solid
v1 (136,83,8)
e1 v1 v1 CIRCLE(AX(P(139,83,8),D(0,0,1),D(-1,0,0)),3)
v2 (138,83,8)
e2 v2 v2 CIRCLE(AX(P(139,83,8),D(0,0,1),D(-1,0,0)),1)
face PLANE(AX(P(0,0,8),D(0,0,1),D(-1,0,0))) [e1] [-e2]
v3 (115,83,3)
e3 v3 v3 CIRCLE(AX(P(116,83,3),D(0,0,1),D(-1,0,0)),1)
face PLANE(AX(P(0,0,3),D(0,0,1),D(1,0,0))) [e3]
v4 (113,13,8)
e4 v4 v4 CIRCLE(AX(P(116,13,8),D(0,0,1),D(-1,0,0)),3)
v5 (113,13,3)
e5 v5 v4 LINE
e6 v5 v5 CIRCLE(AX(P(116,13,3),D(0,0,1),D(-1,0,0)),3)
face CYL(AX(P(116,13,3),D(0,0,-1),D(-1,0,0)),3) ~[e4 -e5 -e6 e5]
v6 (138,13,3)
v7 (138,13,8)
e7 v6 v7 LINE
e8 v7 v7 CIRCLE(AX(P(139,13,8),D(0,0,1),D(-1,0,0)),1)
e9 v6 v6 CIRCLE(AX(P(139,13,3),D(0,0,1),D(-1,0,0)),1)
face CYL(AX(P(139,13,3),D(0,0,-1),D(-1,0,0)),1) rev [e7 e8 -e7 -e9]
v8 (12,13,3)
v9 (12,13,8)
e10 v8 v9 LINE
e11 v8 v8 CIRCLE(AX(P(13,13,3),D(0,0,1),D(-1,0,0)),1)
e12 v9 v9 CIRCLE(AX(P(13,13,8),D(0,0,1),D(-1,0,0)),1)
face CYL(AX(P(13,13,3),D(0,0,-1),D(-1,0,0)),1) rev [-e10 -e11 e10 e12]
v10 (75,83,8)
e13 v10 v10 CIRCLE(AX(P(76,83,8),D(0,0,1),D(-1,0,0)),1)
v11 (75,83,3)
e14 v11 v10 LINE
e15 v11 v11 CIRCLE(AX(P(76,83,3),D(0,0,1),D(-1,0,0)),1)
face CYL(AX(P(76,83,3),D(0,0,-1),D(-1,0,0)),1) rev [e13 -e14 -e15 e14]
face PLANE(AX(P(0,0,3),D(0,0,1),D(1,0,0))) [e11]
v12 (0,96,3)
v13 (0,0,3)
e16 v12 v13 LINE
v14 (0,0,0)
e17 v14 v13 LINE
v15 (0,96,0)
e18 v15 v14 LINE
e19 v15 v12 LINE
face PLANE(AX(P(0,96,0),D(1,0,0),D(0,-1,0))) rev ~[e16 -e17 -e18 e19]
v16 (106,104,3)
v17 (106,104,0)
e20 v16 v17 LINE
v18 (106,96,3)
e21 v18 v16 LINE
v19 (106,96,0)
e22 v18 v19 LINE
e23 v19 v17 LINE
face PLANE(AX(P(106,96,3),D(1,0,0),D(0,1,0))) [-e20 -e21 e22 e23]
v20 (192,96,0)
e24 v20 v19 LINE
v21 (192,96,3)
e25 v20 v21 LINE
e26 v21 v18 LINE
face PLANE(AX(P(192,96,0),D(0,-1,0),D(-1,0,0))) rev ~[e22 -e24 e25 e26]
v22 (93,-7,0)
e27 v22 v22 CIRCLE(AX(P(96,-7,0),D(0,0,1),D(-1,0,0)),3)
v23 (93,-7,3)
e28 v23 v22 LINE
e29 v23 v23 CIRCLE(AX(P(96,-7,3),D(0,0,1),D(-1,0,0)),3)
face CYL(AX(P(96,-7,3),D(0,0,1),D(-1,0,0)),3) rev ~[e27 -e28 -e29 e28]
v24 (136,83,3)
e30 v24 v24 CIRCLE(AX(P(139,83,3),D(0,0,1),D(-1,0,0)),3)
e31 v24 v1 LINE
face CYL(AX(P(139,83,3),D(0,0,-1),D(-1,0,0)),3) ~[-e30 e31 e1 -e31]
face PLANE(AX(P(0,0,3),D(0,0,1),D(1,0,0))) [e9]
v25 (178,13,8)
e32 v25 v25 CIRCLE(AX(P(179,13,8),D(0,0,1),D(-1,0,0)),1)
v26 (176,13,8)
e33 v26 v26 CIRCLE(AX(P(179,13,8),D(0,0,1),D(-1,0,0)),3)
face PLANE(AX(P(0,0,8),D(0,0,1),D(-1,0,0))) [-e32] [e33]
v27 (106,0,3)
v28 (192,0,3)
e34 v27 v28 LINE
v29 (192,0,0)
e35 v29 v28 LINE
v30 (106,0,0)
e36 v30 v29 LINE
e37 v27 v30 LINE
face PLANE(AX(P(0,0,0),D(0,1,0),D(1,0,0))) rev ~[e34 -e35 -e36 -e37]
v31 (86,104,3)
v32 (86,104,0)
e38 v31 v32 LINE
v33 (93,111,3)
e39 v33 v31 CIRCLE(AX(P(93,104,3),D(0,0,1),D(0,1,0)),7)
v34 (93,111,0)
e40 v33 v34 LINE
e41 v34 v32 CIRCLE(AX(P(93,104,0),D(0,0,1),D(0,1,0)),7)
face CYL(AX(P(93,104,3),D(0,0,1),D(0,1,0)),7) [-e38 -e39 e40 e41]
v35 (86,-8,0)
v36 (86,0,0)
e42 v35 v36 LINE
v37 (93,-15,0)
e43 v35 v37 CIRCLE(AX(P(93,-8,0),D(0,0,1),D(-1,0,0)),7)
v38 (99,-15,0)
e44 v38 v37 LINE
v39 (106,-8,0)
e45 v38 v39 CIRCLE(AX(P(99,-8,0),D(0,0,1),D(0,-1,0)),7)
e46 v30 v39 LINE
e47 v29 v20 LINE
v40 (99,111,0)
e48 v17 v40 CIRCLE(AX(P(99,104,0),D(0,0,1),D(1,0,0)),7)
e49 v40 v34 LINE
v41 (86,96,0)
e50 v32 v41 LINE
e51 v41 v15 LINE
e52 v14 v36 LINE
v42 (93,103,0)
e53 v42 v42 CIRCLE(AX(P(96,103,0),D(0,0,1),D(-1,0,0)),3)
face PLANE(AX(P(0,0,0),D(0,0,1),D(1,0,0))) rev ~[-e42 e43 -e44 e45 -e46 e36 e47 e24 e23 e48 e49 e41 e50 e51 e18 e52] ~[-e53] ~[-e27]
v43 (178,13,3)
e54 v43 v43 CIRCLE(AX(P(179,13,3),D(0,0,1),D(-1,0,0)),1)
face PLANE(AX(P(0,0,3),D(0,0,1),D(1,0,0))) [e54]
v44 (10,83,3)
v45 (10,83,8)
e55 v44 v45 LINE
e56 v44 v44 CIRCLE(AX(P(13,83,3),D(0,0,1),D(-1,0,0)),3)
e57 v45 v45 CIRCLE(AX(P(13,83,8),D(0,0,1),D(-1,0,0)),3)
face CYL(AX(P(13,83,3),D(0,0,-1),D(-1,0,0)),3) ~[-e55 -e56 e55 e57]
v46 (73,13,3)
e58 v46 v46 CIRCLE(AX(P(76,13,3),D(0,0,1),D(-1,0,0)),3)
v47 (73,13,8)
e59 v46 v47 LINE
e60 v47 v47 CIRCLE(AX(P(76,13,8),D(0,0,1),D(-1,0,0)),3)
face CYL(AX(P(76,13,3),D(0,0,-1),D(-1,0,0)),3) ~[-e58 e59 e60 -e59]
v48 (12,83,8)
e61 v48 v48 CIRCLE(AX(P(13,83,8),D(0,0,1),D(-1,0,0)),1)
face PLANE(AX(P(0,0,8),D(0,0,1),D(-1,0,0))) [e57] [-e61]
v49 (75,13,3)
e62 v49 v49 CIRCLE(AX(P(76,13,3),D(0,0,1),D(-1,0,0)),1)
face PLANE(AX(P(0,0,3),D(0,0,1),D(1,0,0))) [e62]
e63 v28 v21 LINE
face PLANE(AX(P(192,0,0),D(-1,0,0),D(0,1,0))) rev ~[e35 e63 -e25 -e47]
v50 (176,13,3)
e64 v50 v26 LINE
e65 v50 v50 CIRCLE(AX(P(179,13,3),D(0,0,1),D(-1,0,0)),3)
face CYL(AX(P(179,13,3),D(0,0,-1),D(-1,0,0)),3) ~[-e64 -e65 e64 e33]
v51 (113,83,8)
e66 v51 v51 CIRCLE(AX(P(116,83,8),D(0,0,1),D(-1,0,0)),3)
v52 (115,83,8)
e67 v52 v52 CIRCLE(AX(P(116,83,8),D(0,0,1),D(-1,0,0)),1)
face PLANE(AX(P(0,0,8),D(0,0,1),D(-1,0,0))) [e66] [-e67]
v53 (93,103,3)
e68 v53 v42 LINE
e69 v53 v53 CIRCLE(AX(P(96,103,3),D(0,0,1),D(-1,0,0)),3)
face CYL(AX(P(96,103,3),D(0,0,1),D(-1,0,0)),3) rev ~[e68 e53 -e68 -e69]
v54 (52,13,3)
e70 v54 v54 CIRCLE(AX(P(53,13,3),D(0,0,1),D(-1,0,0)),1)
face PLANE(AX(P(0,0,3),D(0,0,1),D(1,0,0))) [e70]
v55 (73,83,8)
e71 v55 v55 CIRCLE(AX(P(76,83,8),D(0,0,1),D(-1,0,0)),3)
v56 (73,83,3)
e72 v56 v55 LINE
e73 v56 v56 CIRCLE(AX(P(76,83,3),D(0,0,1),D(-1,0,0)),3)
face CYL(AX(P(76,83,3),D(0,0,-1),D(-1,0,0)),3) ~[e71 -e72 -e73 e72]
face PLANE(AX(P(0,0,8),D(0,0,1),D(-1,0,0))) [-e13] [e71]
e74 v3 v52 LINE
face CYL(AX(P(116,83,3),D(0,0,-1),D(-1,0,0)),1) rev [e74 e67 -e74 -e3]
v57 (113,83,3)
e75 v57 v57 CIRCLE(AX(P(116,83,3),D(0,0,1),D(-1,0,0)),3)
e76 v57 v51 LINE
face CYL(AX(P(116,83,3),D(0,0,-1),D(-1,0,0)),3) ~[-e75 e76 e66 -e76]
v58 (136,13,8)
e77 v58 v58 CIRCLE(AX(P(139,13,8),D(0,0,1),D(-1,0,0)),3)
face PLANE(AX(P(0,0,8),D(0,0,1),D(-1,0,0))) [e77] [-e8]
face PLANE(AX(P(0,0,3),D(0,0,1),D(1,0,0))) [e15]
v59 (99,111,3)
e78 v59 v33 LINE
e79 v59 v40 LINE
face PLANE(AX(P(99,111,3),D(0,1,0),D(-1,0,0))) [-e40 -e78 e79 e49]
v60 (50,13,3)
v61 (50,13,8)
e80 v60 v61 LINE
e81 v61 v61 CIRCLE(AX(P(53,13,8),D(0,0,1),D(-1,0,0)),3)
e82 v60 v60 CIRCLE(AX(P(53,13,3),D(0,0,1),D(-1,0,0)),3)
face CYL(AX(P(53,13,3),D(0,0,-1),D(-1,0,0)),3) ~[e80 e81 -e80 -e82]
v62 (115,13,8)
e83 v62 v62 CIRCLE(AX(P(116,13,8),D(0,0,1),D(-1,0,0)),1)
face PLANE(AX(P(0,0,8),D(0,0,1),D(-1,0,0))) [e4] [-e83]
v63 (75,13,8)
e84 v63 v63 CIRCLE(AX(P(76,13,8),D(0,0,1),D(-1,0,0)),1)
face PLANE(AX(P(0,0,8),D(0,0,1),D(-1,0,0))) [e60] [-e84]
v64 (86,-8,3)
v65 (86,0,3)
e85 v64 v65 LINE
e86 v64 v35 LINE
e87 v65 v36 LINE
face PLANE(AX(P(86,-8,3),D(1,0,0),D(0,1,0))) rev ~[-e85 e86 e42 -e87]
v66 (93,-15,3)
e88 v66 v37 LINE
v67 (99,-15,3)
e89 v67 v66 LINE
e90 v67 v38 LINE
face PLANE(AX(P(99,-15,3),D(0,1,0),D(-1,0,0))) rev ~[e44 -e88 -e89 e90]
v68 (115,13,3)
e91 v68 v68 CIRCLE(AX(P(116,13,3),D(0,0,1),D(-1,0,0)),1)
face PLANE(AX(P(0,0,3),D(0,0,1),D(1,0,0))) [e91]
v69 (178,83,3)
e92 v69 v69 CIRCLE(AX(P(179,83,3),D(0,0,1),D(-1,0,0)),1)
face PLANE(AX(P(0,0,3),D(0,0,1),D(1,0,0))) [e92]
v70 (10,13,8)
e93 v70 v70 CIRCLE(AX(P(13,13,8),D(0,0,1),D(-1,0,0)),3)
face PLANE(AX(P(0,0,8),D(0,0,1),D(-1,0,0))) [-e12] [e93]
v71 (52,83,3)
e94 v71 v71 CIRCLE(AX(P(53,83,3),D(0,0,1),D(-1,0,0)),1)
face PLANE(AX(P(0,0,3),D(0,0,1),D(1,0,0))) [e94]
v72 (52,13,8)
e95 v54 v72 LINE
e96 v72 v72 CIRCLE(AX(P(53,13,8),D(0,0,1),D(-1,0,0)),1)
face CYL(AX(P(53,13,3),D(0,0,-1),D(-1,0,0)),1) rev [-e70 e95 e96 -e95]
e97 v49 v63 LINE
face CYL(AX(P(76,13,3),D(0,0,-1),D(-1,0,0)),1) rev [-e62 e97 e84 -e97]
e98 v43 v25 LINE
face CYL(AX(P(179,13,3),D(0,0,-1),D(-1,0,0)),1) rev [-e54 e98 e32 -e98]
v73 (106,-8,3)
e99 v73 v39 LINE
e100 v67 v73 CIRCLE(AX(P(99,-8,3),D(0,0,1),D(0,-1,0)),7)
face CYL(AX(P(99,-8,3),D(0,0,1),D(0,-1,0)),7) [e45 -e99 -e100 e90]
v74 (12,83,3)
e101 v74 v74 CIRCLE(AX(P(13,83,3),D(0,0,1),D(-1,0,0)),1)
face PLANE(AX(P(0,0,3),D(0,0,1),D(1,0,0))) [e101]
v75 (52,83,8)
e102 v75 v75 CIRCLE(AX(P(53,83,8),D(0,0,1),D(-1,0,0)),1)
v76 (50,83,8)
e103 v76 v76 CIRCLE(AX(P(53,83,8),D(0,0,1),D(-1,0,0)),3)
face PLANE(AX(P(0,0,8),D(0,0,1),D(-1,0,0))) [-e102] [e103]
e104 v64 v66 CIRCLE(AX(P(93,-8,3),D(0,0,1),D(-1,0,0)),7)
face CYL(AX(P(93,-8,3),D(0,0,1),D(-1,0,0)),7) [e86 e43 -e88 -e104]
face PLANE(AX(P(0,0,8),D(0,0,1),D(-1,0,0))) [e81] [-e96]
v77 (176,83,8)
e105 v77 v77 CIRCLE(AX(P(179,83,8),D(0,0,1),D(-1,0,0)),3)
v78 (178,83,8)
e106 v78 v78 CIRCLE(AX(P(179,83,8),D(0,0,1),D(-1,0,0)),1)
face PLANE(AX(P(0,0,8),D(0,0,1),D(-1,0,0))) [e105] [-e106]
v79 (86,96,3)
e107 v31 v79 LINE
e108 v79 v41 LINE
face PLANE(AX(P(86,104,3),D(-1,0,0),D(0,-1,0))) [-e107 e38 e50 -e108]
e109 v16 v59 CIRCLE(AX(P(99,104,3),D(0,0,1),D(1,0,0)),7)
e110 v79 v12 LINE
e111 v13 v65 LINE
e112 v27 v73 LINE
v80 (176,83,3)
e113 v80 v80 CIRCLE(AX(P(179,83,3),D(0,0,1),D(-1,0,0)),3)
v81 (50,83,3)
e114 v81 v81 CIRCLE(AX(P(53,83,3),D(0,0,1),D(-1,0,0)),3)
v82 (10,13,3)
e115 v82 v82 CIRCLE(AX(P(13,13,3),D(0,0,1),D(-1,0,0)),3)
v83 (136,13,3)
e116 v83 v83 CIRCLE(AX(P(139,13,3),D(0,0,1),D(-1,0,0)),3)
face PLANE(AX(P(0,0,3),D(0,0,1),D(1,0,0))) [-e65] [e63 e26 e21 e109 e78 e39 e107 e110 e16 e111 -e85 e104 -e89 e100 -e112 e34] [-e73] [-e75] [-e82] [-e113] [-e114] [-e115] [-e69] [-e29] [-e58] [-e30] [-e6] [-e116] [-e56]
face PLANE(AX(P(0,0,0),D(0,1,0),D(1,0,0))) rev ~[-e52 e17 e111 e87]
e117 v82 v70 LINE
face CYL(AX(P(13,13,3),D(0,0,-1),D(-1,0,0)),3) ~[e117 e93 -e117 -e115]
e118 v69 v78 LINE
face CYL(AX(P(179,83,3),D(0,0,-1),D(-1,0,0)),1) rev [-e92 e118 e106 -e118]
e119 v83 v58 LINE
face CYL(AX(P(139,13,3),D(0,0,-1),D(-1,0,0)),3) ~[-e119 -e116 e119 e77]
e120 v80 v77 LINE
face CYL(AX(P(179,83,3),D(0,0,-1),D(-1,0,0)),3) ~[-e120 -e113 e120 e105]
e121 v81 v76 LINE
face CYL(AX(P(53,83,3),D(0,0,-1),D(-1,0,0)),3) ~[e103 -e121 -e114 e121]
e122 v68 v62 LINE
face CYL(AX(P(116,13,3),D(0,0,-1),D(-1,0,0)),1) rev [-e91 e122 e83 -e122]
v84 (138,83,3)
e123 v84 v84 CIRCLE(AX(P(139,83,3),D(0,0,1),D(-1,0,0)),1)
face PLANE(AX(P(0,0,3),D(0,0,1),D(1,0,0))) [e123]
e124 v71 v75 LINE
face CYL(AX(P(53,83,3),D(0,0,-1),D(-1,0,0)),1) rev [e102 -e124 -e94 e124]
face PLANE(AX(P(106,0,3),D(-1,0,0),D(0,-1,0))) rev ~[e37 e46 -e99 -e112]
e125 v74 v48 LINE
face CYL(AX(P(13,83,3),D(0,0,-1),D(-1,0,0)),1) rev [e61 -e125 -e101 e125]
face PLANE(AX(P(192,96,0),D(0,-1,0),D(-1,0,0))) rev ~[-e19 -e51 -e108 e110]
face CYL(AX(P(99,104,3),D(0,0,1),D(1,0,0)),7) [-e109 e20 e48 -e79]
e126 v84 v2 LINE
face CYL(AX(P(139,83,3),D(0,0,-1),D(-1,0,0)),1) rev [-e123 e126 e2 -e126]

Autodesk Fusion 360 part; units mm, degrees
sketch "Sketch1" plane through (0, 0, 0) normal (0, 0, 1) x (1, 0, 0)
  line L0 (0, 0) -> (192, 0)
  line L1 (192, 0) -> (192, 96)
  line L2 (192, 96) -> (0, 96)
  line L3 (0, 96) -> (0, 0)
  dimension "d1" = 192
  dimension "d2" = 96
extrude "Extrude1" add sketch "Sketch1" along normal blind 3
sketch "Sketch3" plane through (0, 0, 3) normal (0, 0, 1) x (-1, 0, 0)
  line L0 (0, -96) -> (0, 0)
  line L1 (0, 0) -> (-192, 0)
  line L2 (-192, 0) -> (-192, -96)
  line L3 (-192, -96) -> (0, -96)
  line L4 (-3, -93) -> (-63, -93)
  line L5 (-63, -93) -> (-63, -3)
  line L6 (-63, -3) -> (-3, -3)
  line L7 (-3, -3) -> (-3, -93)
  circle A0 centre (-13, -83) radius 1
  circle A1 centre (-53, -83) radius 1
  circle A2 centre (-13, -13) radius 1
  circle A3 centre (-53, -13) radius 1
  circle A4 centre (-13, -83) radius 3
  circle A5 centre (-53, -83) radius 3
  circle A6 centre (-13, -13) radius 3
  circle A7 centre (-53, -13) radius 3
  dimension "d7" = 60
  dimension "d8" = 90
  dimension "d9" = 3
  dimension "d10" = 3
  dimension "d11" = 2
  dimension "d12" = 10
  dimension "d13" = 10
  dimension "d14" = 2
  dimension "d15" = 10
  dimension "d16" = 10
  dimension "d17" = 2
  dimension "d18" = 10
  dimension "d19" = 10
  dimension "d20" = 2
  dimension "d21" = 10
  dimension "d22" = 10
  dimension "d23" = 6
  dimension "d24" = 6
  dimension "d25" = 6
  dimension "d26" = 6
extrude "Extrude2" add sketch "Sketch3" along normal blind 5 contours A4 | A5 | A6 | A7
sketch "Sketch4" plane through (0, 0, 3) normal (0, 0, 1) x (-1, 0, 0)
  circle A0 centre (-13, -83) radius 3
  circle A1 centre (-53, -83) radius 3
  line L0 (0, -96) -> (0, 0)
  line L1 (0, 0) -> (-192, 0)
  line L2 (-192, 0) -> (-192, -96)
  line L3 (-192, -96) -> (0, -96)
  circle A2 centre (-53, -13) radius 3
  circle A3 centre (-13, -13) radius 3
  line L4 (-66, -3) -> (-66, -93)
  circle A4 centre (-116, -13) radius 3
  line L5 (-66, -93) -> (-126, -93)
  line L6 (-126, -3) -> (-66, -3)
  circle A5 centre (-76, -13) radius 3
  circle A6 centre (-76, -83) radius 3
  line L7 (-126, -93) -> (-126, -3)
  circle A7 centre (-76, -13) radius 1
  circle A8 centre (-116, -83) radius 3
  circle A9 centre (-116, -13) radius 1
  line L8 (-63, -96) -> (-63, 0)
  circle A10 centre (-116, -83) radius 1
  circle A11 centre (-76, -83) radius 1
  line L9 (-129, -3) -> (-129, -93)
  circle A12 centre (-179, -13) radius 3
  line L10 (-129, -93) -> (-189, -93)
  line L11 (-189, -3) -> (-129, -3)
  circle A13 centre (-139, -13) radius 3
  circle A14 centre (-139, -83) radius 3
  line L12 (-189, -93) -> (-189, -3)
  circle A15 centre (-139, -13) radius 1
  circle A16 centre (-179, -83) radius 3
  circle A17 centre (-179, -13) radius 1
  line L13 (-126, -96) -> (-126, 0)
  circle A18 centre (-179, -83) radius 1
  circle A19 centre (-139, -83) radius 1
  point P0 (-63, 0)
  point P1 (-126, 0)
  dimension "d29" = 60
  dimension "d30" = 90
  dimension "d31" = 3
  dimension "d32" = 2
  dimension "d33" = 10
  dimension "d34" = 10
  dimension "d35" = 2
  dimension "d36" = 10
  dimension "d37" = 10
  dimension "d38" = 2
  dimension "d39" = 10
  dimension "d40" = 10
  dimension "d41" = 2
  dimension "d42" = 10
  dimension "d43" = 10
  dimension "d44" = 6
  dimension "d45" = 6
  dimension "d46" = 6
  dimension "d47" = 6
  dimension "d48" = 60
  dimension "d49" = 90
  dimension "d50" = 3
  dimension "d51" = 2
  dimension "d52" = 10
  dimension "d53" = 10
  dimension "d54" = 2
  dimension "d55" = 10
  dimension "d56" = 10
  dimension "d57" = 2
  dimension "d58" = 10
  dimension "d59" = 10
  dimension "d60" = 2
  dimension "d61" = 10
  dimension "d62" = 10
  dimension "d63" = 6
  dimension "d64" = 6
  dimension "d65" = 6
  dimension "d66" = 6
extrude "Extrude3" add sketch "Sketch4" along normal blind 5 contours A4 | A5 | A6 | A8 | A12 | A13 | A14 | A16
sketch "Sketch5" plane through (0, 0, 3) normal (0, 0, 1) x (-1, 0, 0)
  circle A0 centre (-179, -83) radius 3
  circle A1 centre (-179, -13) radius 3
  circle A2 centre (-139, -83) radius 3
  circle A3 centre (-139, -13) radius 3
  circle A4 centre (-13, -83) radius 3
  circle A5 centre (-53, -83) radius 3
  line L0 (0, -96) -> (0, 0)
  line L1 (0, 0) -> (-192, 0)
  line L2 (-192, 0) -> (-192, -96)
  line L3 (-192, -96) -> (0, -96)
  circle A6 centre (-53, -13) radius 3
  circle A7 centre (-13, -13) radius 3
  circle A8 centre (-116, -83) radius 3
  circle A9 centre (-116, -13) radius 3
  circle A10 centre (-76, -83) radius 3
  circle A11 centre (-76, -13) radius 3
  line L4 (-86, -96) -> (-106, -96)
  line L5 (-106, -96) -> (-106, -104)
  line L6 (-99, -111) -> (-93, -111)
  line L7 (-86, -104) -> (-86, -96)
  circle A12 centre (-96, -103) radius 3
  arc A13 (-93, -111) -> (-86, -104) centre (-93, -104) ccw
  arc A14 (-106, -104) -> (-99, -111) centre (-99, -104) ccw
  line L8 (0, -48) -> (-192, -48)
  arc A15 (-86, 8) -> (-93, 15) centre (-93, 8) ccw
  arc A16 (-99, 15) -> (-106, 8) centre (-99, 8) ccw
  line L9 (-86, 0) -> (-106, 0)
  line L10 (-86, 8) -> (-86, 0)
  line L11 (-106, 0) -> (-106, 8)
  circle A17 centre (-96, 7) radius 3
  line L12 (-99, 15) -> (-93, 15)
  line L13 (-192, 0) -> (0, 0)
  point P0 (-86, -111)
  point P1 (-86, 15)
  dimension "d69" = 20
  dimension "d70" = 15
  dimension "d71" = 6
  dimension "d72" = 7
  dimension "d73" = 7
extrude "Extrude4" add sketch "Sketch5" against normal blind 3 contours L3 L4 L5 L6 L7 A13 A14 | L1 A15 A16 L9 L10 L11 L12 L13
